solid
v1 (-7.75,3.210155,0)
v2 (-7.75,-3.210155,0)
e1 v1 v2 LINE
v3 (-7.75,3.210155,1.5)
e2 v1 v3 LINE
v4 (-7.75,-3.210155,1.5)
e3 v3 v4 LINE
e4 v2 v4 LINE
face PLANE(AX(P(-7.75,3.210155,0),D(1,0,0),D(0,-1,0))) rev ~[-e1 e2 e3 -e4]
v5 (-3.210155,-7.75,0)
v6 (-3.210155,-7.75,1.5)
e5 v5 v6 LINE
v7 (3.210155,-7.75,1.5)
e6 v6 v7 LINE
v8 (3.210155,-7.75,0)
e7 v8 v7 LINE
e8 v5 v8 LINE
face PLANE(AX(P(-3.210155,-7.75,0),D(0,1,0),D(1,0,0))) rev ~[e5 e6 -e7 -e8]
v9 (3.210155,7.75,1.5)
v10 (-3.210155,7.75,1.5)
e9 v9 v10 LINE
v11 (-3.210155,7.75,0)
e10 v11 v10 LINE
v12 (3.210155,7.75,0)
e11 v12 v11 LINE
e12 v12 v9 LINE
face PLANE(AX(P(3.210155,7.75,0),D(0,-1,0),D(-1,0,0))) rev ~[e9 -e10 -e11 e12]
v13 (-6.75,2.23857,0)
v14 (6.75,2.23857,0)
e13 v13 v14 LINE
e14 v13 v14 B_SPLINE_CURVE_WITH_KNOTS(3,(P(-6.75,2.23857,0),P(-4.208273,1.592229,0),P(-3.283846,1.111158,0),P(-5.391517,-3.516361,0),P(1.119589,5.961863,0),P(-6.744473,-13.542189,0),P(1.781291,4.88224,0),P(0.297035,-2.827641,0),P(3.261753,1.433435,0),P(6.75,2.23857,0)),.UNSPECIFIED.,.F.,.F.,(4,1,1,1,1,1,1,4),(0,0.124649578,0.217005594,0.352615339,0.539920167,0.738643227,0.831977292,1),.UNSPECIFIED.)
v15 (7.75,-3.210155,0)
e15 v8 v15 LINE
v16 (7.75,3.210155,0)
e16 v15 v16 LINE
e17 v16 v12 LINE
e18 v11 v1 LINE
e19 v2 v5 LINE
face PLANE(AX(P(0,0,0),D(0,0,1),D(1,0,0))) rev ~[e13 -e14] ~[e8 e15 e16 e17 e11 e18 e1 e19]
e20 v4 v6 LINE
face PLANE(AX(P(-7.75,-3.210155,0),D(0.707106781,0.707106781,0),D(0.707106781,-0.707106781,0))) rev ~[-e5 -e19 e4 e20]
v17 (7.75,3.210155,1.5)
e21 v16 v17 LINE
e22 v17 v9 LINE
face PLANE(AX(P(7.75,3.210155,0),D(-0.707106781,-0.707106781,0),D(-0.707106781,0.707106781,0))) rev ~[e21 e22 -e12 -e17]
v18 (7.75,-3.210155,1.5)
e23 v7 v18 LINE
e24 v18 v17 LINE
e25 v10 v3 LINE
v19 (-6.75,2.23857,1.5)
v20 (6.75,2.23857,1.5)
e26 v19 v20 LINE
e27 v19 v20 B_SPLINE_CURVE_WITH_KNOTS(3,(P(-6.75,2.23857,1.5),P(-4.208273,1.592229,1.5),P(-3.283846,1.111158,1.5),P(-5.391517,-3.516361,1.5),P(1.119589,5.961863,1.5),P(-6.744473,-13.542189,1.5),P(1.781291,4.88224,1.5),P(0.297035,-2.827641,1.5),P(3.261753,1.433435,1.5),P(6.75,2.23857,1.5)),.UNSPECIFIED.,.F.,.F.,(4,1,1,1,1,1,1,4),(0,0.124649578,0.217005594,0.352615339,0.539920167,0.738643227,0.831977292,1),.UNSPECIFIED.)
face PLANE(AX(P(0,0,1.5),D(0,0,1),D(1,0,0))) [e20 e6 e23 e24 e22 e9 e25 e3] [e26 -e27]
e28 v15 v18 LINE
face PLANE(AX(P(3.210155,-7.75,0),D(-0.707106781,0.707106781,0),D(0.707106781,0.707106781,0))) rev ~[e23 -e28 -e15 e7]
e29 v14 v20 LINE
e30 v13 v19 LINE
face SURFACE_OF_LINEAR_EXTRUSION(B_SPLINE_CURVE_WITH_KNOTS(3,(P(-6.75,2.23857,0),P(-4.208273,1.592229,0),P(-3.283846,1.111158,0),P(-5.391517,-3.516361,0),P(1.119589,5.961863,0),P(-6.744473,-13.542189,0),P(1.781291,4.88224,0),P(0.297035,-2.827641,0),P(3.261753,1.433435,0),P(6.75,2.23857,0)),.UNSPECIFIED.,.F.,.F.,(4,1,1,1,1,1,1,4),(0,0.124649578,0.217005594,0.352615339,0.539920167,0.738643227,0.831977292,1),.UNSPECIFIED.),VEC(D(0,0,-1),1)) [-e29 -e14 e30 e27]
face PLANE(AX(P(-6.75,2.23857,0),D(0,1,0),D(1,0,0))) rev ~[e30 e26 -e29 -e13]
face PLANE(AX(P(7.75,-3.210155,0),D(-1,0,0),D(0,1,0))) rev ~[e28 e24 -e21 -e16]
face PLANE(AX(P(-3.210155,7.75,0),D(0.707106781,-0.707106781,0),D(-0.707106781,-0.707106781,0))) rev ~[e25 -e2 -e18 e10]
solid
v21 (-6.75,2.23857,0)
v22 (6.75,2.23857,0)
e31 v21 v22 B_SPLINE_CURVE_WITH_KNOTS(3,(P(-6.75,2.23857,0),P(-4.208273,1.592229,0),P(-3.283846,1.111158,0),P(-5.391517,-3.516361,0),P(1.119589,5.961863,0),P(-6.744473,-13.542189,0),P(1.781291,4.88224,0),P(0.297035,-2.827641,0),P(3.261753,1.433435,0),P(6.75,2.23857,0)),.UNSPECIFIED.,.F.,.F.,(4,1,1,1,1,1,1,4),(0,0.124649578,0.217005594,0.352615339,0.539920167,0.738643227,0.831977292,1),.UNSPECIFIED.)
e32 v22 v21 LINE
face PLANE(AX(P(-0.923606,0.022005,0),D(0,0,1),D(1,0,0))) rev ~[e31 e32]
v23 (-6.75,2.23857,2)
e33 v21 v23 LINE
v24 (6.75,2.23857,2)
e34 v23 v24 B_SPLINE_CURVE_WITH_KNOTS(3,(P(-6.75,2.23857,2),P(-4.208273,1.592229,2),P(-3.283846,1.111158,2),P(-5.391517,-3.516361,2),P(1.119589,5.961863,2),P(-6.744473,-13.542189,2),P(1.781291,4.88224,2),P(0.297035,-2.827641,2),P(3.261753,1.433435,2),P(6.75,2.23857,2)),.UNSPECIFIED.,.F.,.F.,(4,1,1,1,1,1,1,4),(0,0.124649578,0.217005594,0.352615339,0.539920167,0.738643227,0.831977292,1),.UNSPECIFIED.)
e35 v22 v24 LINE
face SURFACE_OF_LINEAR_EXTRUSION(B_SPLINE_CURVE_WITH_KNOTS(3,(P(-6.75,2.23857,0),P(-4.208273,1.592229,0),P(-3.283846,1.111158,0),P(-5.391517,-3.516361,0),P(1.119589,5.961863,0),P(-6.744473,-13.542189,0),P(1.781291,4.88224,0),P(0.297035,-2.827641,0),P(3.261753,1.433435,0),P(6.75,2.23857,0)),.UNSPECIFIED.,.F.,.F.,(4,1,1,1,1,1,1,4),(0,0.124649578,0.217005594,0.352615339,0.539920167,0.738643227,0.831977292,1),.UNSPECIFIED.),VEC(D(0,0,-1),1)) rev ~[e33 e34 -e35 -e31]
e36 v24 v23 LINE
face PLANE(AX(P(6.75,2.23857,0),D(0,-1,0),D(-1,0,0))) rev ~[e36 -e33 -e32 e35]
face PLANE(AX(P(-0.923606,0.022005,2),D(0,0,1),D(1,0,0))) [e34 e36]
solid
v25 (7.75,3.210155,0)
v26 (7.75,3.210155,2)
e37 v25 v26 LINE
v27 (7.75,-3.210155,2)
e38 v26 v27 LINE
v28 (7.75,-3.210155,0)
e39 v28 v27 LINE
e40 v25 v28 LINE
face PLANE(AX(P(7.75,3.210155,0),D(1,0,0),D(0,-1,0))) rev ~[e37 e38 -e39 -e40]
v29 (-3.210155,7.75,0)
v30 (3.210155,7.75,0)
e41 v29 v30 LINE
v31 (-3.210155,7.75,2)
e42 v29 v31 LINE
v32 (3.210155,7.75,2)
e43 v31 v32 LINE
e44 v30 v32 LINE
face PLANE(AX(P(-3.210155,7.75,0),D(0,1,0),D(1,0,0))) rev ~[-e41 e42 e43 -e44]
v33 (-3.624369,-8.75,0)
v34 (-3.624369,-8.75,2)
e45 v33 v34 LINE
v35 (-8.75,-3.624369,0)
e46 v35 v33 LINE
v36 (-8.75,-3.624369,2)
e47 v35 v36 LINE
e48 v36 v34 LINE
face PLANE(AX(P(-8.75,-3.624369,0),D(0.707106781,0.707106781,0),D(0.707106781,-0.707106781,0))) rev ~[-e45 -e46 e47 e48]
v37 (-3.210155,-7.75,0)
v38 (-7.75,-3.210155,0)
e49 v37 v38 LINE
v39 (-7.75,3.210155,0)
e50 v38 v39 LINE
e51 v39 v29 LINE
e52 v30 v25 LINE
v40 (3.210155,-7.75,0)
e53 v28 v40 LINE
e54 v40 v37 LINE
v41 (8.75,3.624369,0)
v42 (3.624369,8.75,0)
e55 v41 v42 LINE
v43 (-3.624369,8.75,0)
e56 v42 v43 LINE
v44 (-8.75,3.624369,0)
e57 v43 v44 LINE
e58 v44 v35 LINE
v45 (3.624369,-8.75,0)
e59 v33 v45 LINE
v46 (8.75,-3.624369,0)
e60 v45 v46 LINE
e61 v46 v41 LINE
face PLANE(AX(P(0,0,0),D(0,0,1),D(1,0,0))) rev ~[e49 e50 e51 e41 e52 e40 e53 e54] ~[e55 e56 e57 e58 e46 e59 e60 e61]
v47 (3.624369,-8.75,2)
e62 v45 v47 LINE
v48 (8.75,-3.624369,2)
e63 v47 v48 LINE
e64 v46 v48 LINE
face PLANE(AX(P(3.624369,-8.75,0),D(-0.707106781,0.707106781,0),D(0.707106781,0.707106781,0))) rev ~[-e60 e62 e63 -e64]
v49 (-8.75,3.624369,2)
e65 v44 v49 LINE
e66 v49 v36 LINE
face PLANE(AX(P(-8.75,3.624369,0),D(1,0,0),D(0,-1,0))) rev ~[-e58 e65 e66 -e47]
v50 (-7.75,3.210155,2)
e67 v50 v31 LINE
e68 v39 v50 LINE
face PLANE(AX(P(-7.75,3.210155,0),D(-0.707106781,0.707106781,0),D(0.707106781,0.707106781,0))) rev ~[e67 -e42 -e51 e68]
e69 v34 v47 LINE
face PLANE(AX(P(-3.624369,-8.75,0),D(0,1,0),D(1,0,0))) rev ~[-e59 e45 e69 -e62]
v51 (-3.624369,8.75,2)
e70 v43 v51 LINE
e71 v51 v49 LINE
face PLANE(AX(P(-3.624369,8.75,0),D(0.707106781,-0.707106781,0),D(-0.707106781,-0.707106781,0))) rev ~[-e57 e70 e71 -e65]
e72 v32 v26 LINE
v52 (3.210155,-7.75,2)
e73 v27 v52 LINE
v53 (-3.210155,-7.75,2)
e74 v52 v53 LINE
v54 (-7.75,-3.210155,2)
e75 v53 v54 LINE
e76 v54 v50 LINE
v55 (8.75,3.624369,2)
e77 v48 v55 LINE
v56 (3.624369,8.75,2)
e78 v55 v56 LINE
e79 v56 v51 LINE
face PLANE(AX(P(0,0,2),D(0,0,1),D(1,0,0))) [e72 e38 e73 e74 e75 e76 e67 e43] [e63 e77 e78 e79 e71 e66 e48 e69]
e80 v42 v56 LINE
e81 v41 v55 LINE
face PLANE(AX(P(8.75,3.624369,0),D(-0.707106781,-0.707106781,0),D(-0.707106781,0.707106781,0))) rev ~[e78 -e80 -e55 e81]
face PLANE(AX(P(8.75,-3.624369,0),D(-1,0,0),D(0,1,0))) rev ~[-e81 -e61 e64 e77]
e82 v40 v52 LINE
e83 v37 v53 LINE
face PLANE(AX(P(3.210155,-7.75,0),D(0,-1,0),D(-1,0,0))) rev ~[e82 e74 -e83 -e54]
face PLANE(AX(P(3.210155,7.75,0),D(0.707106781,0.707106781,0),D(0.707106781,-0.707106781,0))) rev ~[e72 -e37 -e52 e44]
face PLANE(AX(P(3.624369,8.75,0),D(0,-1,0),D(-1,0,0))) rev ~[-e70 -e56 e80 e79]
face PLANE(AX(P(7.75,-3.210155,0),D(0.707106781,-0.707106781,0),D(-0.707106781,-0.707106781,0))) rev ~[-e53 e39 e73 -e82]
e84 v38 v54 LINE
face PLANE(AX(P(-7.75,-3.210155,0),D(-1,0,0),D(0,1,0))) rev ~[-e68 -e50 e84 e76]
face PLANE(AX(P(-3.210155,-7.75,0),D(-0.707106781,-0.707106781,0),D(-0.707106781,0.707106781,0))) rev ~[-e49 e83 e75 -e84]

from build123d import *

# Parameters (mm, degrees)
F1_DEPTH = 2
F2_DEPTH = 1.5


with BuildPart() as f1:
    # F0 (on Top) → F1 (new body)
    with BuildSketch(Plane.XY):
        Polygon((-3.6243686708, -8.75), (3.6243686708, -8.75), (8.75, -3.6243686708), (8.75, 3.6243686708), (3.6243686708, 8.75), (-3.6243686708, 8.75), (-8.75, 3.6243686708), (-8.75, -3.6243686708), align=None)
        Polygon((7.75, 3.2101551084), (7.75, -3.2101551084), (3.2101551084, -7.75), (-3.2101551084, -7.75), (-7.75, -3.2101551084), (-7.75, 3.2101551084), (-3.2101551084, 7.75), (3.2101551084, 7.75), align=None, mode=Mode.SUBTRACT)
    extrude(amount=F1_DEPTH)


with BuildPart() as f1b:
    # F0 (on Top) → F1, piece 2 (new body)
    with BuildSketch(Plane.XY):
        with BuildLine():
            Line((6.75, 2.2385702382), (-6.75, 2.2385702382))
            add(Edge.make_bspline(
                [(-6.75, 2.2385702382), (-4.208272589, 1.5922287497), (-3.2838460011, 1.1111580556), (-5.3915167133, -3.5163610872), (1.1195887936, 5.961863319), (-6.7444728499, -13.5421892443), (1.7812913448, 4.8822403105), (0.2970349794, -2.8276414329), (3.2617528905, 1.4334352447), (6.75, 2.2385702382)],
                knots=[0, 0, 0, 0, 0.1246495782, 0.2170055941, 0.3526153393, 0.5399201669, 0.7386432265, 0.8319772922, 1, 1, 1, 1], degree=3))
        make_face()
    extrude(amount=F1_DEPTH)


with BuildPart() as f2:
    # F0 (on Top) → F2 (new body)
    with BuildSketch(Plane.XY):
        Polygon((3.2101551084, -7.75), (7.75, -3.2101551084), (7.75, 3.2101551084), (3.2101551084, 7.75), (-3.2101551084, 7.75), (-7.75, 3.2101551084), (-7.75, -3.2101551084), (-3.2101551084, -7.75), align=None)
        with BuildLine():
            add(Edge.make_bspline(
                [(-6.75, 2.2385702382), (-4.208272589, 1.5922287497), (-3.2838460011, 1.1111580556), (-5.3915167133, -3.5163610872), (1.1195887936, 5.961863319), (-6.7444728499, -13.5421892443), (1.7812913448, 4.8822403105), (0.2970349794, -2.8276414329), (3.2617528905, 1.4334352447), (6.75, 2.2385702382)],
                knots=[0, 0, 0, 0, 0.1246495782, 0.2170055941, 0.3526153393, 0.5399201669, 0.7386432265, 0.8319772922, 1, 1, 1, 1], degree=3))
            Line((-6.75, 2.2385702382), (6.75, 2.2385702382))
        make_face(mode=Mode.SUBTRACT)
    extrude(amount=F2_DEPTH)


solid = Compound([f1.part, f1b.part, f2.part])
